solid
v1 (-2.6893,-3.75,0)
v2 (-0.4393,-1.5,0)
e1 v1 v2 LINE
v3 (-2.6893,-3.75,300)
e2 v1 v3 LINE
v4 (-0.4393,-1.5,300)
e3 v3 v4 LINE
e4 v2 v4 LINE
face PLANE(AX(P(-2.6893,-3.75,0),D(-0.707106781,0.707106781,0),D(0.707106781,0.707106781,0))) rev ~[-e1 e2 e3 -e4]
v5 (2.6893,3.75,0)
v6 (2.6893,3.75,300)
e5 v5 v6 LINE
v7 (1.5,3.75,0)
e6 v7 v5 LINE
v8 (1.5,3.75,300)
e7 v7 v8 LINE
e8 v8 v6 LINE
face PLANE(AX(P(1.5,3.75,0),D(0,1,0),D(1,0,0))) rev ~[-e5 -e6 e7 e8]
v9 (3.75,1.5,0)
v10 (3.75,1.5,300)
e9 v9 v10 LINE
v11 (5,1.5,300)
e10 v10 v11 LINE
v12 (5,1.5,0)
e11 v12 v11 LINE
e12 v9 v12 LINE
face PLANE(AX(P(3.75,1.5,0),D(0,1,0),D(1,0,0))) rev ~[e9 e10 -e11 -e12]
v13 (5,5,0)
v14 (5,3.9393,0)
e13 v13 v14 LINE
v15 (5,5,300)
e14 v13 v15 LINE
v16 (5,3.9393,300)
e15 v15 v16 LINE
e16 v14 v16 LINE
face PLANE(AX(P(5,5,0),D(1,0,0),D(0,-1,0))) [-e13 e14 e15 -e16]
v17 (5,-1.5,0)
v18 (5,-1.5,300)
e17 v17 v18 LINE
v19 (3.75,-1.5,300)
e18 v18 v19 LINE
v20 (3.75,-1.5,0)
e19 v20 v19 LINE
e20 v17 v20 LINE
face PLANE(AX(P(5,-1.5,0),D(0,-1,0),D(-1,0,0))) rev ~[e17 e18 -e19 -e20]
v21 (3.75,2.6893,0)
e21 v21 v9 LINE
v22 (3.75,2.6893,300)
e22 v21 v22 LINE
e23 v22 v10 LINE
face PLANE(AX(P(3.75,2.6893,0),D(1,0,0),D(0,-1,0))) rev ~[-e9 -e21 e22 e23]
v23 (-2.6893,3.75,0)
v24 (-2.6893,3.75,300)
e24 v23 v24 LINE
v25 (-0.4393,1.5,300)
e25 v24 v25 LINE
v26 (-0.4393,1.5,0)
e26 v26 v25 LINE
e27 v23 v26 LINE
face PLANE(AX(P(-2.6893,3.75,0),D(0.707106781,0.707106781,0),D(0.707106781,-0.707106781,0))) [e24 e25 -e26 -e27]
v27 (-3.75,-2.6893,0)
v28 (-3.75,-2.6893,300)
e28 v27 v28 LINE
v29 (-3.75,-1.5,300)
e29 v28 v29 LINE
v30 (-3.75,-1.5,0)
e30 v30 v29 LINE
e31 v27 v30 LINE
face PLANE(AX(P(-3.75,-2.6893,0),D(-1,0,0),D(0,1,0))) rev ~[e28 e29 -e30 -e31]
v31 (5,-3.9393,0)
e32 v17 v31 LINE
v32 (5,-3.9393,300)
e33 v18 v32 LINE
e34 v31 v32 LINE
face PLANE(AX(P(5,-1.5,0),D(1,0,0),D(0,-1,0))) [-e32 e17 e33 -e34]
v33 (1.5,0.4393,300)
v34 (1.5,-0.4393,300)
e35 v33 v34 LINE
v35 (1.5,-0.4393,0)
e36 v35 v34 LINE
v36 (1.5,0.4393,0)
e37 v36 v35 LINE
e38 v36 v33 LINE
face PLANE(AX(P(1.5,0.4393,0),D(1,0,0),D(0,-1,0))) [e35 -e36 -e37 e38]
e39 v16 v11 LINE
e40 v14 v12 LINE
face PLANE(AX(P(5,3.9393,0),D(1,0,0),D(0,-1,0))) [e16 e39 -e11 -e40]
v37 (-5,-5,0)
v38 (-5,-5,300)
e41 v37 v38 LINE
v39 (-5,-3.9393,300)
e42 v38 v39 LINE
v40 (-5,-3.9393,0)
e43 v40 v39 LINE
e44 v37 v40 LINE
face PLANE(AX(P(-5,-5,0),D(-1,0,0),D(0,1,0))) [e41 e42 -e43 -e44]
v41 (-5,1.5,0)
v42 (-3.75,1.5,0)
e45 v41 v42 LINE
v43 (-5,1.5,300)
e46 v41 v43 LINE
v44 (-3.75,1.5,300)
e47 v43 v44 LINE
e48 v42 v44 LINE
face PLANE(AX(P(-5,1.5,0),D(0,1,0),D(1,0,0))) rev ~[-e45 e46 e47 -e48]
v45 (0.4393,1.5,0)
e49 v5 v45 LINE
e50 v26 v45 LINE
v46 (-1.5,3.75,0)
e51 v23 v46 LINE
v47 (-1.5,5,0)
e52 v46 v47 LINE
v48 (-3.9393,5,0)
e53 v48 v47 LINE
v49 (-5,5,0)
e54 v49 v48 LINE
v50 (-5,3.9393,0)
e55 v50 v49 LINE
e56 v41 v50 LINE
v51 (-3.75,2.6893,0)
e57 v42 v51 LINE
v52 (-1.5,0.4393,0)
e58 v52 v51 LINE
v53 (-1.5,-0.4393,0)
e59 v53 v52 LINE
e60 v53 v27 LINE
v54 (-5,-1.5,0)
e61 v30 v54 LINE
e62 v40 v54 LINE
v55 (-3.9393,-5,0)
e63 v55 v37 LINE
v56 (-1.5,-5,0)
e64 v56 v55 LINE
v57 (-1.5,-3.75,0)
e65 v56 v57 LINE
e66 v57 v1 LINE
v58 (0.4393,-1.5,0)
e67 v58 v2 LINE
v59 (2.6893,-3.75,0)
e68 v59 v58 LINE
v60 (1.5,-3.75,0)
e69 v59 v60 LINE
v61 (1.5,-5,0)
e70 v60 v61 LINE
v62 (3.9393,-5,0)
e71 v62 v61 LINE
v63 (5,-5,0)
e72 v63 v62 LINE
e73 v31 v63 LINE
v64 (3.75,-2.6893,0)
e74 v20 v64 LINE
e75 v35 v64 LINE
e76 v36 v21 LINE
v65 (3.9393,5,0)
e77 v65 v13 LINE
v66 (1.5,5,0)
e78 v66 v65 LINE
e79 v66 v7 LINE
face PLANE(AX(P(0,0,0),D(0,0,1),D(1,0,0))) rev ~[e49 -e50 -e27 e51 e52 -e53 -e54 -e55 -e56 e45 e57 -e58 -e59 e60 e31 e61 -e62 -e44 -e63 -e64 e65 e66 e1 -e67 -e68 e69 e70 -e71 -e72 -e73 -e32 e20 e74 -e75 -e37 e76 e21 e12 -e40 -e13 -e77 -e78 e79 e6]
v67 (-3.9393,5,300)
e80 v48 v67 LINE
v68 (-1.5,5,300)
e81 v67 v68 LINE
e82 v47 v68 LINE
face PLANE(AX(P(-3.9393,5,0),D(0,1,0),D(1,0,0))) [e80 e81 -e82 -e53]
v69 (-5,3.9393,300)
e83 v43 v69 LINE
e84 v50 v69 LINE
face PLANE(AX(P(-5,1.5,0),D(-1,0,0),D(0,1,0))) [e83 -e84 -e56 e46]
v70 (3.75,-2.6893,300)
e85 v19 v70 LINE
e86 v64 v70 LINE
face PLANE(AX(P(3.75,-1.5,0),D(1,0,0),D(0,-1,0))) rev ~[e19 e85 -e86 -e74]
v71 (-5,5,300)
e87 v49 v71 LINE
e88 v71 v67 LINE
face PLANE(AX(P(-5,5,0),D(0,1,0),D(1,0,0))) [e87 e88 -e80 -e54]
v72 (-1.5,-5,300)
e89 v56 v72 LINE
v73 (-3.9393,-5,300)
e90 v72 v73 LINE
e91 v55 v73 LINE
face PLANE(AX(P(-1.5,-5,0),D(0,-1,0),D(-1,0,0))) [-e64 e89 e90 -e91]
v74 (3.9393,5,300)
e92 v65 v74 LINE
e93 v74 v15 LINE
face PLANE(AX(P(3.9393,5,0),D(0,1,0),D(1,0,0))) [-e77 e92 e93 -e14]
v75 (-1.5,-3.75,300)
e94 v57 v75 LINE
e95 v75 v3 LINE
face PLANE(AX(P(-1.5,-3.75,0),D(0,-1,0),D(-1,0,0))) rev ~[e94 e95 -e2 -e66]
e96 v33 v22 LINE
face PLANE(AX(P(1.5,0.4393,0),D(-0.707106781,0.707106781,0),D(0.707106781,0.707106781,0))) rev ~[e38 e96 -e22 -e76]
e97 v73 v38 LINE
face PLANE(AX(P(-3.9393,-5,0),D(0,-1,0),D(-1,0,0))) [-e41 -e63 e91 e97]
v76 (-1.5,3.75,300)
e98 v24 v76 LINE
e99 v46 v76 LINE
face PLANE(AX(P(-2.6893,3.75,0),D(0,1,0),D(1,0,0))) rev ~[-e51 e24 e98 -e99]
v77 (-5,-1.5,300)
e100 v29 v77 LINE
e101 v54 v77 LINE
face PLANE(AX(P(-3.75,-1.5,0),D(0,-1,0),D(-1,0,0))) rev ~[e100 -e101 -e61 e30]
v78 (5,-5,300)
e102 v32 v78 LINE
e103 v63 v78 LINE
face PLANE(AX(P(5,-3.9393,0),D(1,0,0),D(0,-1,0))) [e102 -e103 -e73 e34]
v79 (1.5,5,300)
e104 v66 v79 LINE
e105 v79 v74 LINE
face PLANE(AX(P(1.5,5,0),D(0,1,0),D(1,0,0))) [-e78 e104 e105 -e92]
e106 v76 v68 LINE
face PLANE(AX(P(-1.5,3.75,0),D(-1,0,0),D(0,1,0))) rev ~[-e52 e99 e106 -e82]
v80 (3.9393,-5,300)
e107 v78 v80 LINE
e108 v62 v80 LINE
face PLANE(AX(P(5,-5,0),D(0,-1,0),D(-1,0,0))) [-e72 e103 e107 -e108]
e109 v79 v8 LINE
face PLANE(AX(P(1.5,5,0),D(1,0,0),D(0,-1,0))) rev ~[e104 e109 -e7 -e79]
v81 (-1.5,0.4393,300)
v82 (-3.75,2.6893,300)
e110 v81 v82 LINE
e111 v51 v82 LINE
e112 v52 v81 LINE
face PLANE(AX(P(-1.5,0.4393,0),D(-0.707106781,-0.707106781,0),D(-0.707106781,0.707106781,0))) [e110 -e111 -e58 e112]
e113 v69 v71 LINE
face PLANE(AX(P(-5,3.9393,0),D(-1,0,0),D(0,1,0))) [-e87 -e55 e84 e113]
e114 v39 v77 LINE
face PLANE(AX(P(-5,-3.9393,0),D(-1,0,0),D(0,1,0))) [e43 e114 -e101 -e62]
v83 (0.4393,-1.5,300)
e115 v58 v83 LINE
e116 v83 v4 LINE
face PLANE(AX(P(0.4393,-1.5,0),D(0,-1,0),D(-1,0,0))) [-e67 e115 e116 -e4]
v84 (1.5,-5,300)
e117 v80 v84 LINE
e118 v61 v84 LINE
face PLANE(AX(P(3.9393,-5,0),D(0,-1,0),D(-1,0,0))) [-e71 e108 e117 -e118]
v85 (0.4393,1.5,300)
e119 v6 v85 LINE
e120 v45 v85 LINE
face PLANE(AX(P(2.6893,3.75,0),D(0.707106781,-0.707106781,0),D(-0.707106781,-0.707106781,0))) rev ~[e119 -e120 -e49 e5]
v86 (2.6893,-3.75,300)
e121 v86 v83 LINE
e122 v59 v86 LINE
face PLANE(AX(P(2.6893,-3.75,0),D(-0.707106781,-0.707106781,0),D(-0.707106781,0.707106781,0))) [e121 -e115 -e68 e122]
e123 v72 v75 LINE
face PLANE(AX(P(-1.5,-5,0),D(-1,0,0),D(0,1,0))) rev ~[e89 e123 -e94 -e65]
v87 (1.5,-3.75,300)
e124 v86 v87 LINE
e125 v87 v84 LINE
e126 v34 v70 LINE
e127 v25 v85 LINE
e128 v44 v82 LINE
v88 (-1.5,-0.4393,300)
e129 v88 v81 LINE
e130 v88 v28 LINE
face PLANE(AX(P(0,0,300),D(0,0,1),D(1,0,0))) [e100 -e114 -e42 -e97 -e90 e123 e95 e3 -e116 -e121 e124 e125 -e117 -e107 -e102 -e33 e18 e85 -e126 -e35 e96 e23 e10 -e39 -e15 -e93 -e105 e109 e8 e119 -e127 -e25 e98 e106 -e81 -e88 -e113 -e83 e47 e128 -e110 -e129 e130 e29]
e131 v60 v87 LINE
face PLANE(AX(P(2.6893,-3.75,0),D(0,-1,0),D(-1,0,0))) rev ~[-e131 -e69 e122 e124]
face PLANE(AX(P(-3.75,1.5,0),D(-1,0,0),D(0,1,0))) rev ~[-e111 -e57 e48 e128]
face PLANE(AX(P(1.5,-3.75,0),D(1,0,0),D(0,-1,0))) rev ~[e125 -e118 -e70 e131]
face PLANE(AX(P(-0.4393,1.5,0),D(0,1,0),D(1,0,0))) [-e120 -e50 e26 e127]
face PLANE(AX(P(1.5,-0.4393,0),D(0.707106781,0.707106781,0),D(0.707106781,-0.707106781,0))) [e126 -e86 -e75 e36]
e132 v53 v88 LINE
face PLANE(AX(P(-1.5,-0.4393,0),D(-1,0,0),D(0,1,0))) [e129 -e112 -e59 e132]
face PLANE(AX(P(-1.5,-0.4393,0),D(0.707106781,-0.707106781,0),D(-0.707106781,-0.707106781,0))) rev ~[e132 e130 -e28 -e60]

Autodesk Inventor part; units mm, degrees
ref_plane "YZ Plane" through (0, 0, 0) normal (1, 0, 0) x (0, 1, 0)
ref_plane "XZ Plane" through (0, 0, 0) normal (0, 1, 0) x (-1, 0, 0)
ref_plane "XY Plane" through (0, 0, 0) normal (0, 0, 1) x (1, 0, 0)
sketch "Sketch1" plane through (0, 0, 0) normal (0, 0, 1) x (1, 0, 0)
  line L0 (-4.4697, -5.5303) -> (4.4697, 5.5303) construction
  line L1 (5.5303, 4.4697) -> (-5, -4.0411) construction
  line L2 (4.4697, -5.5303) -> (-4.4697, 5.5303) construction
  line L3 (-5.5303, 4.4697) -> (5.5303, -4.4697) construction
  line L4 (-5, -5) -> (-5, -3.9393)
  line L5 (-5, 3.9393) -> (-5, 5)
  line L6 (5, 5) -> (5, 3.9393)
  line L7 (5, -3.9393) -> (5, -5)
  line L8 (-5, 5) -> (-3.9393, 5)
  line L9 (3.9393, 5) -> (5, 5)
  line L10 (5, -5) -> (3.9393, -5)
  line L11 (-3.9393, -5) -> (-5, -5)
  line L12 (-2.6893, 3.75) -> (-0.4393, 1.5)
  line L13 (2.6893, 3.75) -> (0.4393, 1.5)
  line L14 (-1.5, -0.4393) -> (-3.75, -2.6893)
  line L15 (-1.5, 0.4393) -> (-3.75, 2.6893)
  line L16 (2.6893, -3.75) -> (0.4393, -1.5)
  line L17 (-2.6893, -3.75) -> (-0.4393, -1.5)
  line L18 (1.5, 0.4393) -> (3.75, 2.6893)
  line L19 (1.5, -0.4393) -> (3.75, -2.6893)
  line L20 (5, -5) -> (-5, 5) construction
  line L21 (-5, -5) -> (5, 5) construction
  line L22 (3.75, -3.75) -> (-3.75, 3.75) construction
  line L23 (-3.75, -3.75) -> (3.75, 3.75) construction
  line L24 (1.5, -5) -> (-1.5, 5) construction
  line L25 (-1.5, -5) -> (1.5, 5) construction
  line L26 (5, -1.5) -> (-5, 1.5) construction
  line L27 (-5, -1.5) -> (5, 1.5) construction
  line L28 (-5, 1.5) -> (-3.75, 1.5)
  line L29 (-3.75, -1.5) -> (-5, -1.5)
  line L30 (-3.75, -2.6893) -> (-3.75, -1.5)
  line L31 (-3.75, 1.5) -> (-3.75, 2.6893)
  line L32 (-5, -5) -> (-5, -1.5)
  line L33 (-5, 1.5) -> (-5, 5)
  line L34 (-5, 5) -> (-1.5, 5)
  line L35 (1.5, 5) -> (5, 5)
  line L36 (-1.5, 3.75) -> (-1.5, 5)
  line L37 (-2.6893, 3.75) -> (-1.5, 3.75)
  line L38 (1.5, 3.75) -> (2.6893, 3.75)
  line L39 (1.5, 5) -> (1.5, 3.75)
  line L40 (3.75, 1.5) -> (5, 1.5)
  line L41 (3.75, 2.6893) -> (3.75, 1.5)
  line L42 (3.75, -1.5) -> (3.75, -2.6893)
  line L43 (5, 5) -> (5, 1.5)
  line L44 (5, -1.5) -> (5, -5)
  line L45 (5, -1.5) -> (3.75, -1.5)
  line L46 (-0.45, 1.5) -> (0.45, 1.5)
  line L47 (-1.5, -5) -> (-1.5, -3.75)
  line L48 (-1.5, -0.45) -> (-1.5, 0.45)
  line L49 (1.5, 0.45) -> (1.5, -0.45)
  line L50 (2.6893, -3.75) -> (1.5, -3.75)
  line L51 (5, -5) -> (1.5, -5)
  line L52 (-1.5, -5) -> (-5, -5)
  line L53 (1.5, -3.75) -> (1.5, -5)
  line L54 (0.45, -1.5) -> (-0.45, -1.5)
  line L55 (-1.5, -3.75) -> (-2.6893, -3.75)
  point P0 (0, 0)
  point P1 (0, 0)
  dimension "d0" = 10
  dimension "d7" = 1.5
  dimension "d8" = 1.5
  dimension "d9" = 7.5
  dimension "d10" = 7.5
  dimension "d11" = 10
  dimension "d12" = 3
  dimension "d13" = 3
extrude "Extrusion1" add sketch "Sketch1" along normal blind 300
equation "\"d8\" = d7"
equation "\"d10\" = d9"
equation "\"d11\" = d0"
equation "\"d4\" = 0.5 * d0"
equation "\"d5\" = 0.5 * d0"
equation "\"d6\" = 0.5 * d0"
properties part number "maker-beam-300x10x10mm"
